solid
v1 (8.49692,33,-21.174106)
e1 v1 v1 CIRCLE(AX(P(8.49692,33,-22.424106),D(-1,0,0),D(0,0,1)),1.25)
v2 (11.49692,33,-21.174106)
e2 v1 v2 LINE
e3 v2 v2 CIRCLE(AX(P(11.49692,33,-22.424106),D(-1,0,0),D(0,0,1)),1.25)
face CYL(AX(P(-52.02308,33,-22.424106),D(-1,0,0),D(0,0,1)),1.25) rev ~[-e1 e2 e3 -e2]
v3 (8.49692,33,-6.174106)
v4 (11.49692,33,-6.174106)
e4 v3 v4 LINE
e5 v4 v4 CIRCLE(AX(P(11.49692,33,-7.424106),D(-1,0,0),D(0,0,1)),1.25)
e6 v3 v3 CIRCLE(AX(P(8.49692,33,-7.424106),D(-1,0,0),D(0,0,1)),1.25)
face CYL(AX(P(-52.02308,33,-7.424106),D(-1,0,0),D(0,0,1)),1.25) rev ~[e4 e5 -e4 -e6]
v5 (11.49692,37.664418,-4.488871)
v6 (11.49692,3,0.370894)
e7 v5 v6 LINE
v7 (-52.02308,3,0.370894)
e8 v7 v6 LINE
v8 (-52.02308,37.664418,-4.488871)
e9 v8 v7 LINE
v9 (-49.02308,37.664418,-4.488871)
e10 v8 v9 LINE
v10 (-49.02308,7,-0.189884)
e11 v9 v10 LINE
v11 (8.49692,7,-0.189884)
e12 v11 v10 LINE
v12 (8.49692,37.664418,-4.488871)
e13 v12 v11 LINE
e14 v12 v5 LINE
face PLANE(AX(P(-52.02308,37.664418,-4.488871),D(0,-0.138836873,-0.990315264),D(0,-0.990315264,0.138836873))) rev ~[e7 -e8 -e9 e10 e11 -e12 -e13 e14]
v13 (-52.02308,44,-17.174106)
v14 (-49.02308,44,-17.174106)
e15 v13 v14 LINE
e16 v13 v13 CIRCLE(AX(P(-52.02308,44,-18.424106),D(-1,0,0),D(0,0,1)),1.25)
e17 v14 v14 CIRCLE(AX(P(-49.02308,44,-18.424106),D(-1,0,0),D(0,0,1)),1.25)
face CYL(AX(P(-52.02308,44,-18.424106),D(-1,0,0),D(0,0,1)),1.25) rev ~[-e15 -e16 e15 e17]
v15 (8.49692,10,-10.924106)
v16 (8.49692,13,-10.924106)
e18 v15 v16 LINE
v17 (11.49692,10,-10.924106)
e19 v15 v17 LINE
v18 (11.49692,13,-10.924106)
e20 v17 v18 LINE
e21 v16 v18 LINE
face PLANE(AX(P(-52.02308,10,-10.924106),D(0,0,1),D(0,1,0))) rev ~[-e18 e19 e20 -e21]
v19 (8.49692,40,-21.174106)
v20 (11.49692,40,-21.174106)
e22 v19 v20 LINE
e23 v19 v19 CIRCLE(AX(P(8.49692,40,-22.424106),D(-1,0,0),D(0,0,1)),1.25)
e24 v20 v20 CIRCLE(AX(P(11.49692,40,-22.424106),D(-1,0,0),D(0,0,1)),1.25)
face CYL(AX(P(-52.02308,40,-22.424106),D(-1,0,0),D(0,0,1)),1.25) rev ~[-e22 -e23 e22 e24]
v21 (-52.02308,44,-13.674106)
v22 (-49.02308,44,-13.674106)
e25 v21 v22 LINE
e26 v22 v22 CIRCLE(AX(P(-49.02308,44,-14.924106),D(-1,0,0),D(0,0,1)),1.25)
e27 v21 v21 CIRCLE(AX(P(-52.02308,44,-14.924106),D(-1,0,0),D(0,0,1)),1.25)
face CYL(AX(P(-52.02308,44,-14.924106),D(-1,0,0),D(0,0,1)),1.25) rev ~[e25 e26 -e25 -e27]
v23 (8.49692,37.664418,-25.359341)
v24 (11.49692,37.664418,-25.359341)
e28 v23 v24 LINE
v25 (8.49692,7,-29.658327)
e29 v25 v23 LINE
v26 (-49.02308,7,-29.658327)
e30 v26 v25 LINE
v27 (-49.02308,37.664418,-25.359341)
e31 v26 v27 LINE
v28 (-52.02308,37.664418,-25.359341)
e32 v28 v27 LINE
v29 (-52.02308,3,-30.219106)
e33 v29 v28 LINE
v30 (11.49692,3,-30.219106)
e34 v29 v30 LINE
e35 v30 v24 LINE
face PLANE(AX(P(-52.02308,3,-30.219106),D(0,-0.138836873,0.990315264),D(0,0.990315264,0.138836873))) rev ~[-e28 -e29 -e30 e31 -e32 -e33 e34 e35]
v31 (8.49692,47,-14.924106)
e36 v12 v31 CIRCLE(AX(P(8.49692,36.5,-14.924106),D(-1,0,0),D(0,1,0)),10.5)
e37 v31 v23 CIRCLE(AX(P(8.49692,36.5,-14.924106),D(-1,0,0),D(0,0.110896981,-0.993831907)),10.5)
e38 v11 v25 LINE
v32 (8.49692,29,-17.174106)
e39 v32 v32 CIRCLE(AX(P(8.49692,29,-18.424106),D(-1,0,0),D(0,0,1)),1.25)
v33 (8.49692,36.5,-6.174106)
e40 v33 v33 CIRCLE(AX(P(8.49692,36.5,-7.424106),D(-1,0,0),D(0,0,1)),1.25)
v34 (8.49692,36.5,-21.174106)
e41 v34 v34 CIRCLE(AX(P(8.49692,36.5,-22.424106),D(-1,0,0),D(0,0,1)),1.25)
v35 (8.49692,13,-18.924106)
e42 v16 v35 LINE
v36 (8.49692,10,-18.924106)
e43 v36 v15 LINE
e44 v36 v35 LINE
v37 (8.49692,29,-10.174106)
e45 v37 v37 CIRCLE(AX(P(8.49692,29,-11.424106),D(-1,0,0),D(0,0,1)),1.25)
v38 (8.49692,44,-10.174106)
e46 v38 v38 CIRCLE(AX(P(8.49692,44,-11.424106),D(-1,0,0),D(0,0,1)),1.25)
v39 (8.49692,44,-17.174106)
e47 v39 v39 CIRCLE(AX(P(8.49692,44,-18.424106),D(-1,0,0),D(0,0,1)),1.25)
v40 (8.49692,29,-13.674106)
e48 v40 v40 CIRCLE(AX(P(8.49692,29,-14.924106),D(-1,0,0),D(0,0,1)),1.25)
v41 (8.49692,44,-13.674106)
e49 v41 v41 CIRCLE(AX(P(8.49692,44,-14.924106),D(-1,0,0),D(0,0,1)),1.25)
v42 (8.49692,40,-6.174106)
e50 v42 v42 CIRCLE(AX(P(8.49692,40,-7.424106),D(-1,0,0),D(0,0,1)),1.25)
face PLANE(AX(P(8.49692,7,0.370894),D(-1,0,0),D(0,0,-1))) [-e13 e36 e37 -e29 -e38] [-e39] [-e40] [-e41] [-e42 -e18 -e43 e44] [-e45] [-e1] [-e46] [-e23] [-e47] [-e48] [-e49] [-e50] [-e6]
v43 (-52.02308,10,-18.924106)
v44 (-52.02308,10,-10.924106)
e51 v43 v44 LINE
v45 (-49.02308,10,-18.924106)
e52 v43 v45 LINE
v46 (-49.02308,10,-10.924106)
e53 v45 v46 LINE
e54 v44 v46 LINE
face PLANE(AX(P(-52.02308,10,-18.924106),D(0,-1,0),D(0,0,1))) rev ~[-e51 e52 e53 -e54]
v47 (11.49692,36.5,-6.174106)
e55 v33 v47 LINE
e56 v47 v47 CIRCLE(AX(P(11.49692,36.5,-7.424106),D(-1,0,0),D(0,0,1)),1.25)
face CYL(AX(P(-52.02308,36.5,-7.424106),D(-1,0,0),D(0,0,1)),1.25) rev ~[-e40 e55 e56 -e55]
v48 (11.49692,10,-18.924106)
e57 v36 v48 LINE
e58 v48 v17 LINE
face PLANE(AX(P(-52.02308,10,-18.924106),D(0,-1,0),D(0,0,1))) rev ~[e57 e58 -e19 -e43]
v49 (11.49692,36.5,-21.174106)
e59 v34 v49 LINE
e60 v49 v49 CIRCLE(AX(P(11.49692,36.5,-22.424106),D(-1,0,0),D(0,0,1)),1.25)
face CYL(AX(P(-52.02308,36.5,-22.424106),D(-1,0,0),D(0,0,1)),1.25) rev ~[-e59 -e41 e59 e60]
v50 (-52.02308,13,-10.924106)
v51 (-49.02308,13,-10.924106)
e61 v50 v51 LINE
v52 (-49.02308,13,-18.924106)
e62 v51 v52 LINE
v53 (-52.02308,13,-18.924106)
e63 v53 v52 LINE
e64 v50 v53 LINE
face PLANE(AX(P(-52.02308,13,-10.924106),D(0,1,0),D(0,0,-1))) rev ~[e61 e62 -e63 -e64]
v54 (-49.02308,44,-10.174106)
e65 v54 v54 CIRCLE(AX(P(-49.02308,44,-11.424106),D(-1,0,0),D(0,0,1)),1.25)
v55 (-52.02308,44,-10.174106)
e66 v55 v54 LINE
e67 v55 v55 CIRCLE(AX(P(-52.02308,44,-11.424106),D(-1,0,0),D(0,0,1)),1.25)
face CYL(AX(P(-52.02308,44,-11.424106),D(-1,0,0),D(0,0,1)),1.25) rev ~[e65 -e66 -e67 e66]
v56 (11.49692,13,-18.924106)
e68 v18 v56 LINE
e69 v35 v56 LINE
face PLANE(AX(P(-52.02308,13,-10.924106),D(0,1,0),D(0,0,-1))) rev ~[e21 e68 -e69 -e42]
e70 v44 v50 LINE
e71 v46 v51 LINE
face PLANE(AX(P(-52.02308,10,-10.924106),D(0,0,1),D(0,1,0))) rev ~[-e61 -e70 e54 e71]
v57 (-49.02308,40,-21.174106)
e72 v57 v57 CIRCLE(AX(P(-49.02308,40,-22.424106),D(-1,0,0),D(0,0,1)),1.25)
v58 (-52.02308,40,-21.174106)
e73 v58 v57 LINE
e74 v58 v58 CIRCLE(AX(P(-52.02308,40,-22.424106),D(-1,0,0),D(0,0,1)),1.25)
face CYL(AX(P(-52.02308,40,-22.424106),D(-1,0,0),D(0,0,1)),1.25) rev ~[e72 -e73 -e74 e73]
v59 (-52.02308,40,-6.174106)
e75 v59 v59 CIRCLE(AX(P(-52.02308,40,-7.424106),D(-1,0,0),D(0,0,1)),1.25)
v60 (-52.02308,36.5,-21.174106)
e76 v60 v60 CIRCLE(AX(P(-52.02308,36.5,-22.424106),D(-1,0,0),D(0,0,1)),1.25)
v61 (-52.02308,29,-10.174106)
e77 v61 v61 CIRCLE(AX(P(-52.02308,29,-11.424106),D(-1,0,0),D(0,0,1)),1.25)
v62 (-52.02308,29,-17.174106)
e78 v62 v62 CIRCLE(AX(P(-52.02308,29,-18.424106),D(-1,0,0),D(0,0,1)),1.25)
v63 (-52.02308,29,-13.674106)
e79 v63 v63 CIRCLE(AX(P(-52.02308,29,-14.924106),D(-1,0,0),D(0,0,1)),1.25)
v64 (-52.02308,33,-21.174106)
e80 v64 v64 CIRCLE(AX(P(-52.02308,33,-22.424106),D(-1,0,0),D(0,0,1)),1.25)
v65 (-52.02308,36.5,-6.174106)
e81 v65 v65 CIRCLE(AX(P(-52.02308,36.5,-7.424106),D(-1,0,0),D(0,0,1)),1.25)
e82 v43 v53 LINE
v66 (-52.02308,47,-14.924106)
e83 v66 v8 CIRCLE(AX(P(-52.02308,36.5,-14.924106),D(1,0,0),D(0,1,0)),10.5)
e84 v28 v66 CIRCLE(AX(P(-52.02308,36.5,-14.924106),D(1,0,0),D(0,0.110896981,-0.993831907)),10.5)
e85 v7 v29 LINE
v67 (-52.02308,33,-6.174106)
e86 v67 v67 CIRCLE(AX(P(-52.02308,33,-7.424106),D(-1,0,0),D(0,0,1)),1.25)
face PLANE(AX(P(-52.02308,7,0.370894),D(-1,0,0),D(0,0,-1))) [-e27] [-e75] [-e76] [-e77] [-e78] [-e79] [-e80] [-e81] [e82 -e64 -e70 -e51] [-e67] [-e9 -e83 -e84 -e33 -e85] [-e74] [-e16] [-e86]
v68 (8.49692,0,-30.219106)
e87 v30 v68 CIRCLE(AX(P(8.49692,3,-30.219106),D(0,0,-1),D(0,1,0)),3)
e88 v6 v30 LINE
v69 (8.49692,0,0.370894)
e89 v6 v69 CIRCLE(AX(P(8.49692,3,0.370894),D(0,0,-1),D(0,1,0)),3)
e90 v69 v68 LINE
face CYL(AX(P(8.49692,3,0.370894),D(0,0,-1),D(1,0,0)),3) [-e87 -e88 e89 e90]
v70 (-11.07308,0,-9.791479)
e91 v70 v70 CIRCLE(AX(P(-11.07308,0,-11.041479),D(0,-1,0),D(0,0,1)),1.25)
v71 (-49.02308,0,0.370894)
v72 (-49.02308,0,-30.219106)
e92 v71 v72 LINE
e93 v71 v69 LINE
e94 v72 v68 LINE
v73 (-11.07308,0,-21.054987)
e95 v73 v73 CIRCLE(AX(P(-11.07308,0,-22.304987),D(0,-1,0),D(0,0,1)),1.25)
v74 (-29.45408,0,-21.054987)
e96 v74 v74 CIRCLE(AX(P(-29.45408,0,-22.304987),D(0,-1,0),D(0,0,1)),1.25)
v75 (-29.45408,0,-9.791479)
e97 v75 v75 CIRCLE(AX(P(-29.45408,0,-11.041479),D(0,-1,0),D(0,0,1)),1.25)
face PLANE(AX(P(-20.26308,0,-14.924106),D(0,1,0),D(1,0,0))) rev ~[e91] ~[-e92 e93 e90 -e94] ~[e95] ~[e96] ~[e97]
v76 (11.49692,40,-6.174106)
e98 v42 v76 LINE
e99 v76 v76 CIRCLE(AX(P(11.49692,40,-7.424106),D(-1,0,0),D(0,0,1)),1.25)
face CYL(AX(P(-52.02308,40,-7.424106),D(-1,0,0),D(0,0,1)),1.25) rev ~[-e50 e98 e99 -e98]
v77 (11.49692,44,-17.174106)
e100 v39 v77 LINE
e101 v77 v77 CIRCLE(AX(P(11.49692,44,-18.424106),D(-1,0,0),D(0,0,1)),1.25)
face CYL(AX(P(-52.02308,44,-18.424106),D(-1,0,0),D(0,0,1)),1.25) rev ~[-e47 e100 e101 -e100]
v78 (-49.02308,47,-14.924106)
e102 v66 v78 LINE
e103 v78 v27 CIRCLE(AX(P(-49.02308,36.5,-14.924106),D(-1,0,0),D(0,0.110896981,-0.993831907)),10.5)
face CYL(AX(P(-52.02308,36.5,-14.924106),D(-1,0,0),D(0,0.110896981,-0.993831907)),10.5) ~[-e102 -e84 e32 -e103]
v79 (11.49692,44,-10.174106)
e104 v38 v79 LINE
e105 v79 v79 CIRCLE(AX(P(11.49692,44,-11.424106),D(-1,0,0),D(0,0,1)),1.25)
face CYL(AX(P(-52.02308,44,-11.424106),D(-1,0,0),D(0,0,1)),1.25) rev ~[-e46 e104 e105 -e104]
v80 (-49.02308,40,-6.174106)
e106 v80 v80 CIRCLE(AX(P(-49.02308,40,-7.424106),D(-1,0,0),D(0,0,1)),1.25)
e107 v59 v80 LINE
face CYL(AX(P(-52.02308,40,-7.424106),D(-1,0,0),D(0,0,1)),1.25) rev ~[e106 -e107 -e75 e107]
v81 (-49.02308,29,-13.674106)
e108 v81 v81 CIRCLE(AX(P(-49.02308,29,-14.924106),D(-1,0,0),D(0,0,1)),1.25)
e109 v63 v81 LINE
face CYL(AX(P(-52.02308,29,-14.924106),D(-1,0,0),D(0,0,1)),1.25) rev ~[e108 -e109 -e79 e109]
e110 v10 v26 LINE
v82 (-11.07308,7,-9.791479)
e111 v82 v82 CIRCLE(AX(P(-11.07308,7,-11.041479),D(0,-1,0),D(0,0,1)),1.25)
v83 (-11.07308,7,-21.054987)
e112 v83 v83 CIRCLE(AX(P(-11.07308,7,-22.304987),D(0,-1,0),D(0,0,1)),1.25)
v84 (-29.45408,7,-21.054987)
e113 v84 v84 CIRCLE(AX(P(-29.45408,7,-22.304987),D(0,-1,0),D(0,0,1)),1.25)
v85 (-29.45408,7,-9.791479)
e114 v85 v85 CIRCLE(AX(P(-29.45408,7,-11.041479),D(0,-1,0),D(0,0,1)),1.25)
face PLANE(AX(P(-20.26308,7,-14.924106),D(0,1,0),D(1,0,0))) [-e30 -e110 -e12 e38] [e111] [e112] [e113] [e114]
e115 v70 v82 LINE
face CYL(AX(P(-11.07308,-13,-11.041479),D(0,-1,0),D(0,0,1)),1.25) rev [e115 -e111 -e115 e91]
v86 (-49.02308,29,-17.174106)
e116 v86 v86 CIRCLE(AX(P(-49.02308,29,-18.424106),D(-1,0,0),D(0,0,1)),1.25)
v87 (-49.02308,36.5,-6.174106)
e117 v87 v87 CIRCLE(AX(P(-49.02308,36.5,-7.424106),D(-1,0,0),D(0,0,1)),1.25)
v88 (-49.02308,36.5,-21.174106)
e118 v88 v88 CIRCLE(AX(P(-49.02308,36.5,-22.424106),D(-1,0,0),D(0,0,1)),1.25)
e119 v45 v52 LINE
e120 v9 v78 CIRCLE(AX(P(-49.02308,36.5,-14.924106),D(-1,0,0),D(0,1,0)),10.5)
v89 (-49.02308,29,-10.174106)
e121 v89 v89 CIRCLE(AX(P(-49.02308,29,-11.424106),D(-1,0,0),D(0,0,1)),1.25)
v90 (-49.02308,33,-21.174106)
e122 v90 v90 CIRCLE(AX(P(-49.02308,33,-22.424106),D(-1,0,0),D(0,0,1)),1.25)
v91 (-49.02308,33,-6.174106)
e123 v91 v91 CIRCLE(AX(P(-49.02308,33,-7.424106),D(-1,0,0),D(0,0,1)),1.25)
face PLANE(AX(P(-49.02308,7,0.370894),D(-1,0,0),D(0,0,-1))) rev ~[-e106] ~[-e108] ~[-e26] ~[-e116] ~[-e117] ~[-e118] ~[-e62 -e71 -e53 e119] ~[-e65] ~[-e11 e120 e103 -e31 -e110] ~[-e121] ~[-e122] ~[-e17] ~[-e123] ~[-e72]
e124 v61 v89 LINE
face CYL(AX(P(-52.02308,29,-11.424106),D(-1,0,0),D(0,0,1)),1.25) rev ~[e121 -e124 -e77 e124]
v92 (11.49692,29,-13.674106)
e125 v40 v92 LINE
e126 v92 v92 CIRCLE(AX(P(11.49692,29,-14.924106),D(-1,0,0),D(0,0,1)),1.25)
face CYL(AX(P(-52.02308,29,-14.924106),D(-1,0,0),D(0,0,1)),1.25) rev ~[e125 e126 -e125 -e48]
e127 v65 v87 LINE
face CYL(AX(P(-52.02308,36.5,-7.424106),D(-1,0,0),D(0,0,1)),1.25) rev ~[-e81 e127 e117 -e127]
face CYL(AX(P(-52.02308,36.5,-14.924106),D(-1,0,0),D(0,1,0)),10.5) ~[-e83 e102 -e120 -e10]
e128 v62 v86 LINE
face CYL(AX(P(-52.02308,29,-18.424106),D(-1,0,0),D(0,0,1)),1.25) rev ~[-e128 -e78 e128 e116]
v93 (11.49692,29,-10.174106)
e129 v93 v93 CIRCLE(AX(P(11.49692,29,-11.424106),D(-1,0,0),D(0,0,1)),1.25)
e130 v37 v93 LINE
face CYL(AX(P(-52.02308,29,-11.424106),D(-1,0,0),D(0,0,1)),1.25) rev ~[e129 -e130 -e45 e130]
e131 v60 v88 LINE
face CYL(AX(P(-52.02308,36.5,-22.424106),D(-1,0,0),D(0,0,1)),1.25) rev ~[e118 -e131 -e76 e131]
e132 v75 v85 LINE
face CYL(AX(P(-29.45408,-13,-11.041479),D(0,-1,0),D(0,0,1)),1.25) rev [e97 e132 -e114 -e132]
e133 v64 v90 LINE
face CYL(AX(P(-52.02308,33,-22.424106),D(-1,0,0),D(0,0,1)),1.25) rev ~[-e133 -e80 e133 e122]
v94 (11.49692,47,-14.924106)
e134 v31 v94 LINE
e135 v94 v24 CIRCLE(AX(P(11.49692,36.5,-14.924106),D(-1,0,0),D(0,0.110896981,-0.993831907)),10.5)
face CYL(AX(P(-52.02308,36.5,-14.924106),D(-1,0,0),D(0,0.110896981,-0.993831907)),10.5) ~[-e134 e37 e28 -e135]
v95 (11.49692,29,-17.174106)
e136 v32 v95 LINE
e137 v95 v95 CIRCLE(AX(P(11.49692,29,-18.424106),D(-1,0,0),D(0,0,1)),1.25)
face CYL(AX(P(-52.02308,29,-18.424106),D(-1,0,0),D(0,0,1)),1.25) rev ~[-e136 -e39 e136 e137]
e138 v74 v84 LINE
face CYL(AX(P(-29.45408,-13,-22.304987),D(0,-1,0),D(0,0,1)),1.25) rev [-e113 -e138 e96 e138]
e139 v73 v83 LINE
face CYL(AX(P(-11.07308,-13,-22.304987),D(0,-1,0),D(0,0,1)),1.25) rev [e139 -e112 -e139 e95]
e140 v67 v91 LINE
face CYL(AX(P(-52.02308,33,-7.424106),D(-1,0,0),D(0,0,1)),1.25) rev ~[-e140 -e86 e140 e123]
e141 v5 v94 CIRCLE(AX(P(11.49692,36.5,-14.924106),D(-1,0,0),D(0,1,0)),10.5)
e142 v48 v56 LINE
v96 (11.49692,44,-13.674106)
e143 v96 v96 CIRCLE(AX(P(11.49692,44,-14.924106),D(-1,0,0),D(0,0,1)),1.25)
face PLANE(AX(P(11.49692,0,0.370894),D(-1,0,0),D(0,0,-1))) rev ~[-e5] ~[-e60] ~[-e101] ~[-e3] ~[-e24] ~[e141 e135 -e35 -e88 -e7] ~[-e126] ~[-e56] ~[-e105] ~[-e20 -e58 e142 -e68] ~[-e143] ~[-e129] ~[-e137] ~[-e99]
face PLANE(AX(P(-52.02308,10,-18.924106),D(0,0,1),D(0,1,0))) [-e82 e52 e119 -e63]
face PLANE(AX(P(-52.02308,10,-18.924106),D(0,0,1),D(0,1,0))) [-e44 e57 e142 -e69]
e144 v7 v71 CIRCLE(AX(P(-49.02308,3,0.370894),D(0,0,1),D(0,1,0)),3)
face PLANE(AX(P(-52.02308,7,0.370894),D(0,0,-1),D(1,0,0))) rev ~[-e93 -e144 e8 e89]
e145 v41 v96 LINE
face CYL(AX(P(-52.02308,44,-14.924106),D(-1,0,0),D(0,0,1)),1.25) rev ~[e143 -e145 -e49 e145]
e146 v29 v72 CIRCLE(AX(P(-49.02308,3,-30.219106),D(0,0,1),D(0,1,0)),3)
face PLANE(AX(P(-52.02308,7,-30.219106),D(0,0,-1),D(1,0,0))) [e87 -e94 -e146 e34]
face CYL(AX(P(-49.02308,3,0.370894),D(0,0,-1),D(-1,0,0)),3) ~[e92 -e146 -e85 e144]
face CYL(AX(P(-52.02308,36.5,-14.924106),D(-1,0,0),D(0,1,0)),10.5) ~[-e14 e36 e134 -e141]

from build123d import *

# Parameters (mm, degrees)
SKETCH2_W               = 63.52
SKETCH2_H               = 30.59
BOSS_EXTRUDE1_DEPTH     = 7
SKETCH3_W               = 3
SKETCH3_H               = 30.59
BOSS_EXTRUDE2_DEPTH     = 40
FILLET2_R               = 3
SKETCH4_R               = 1.25
CUT_EXTRUDE2_DEPTH      = 70
CUT_EXTRUDE4_DEPTH      = 6
CUT_EXTRUDE4_DEPTH_BACK = 20
SKETCH7_R               = 1.25
SKETCH7_R_2             = 1.249999994
SKETCH11_W              = 4
SKETCH11_H              = 3
CUT_EXTRUDE5_DEPTH      = 80


with BuildPart() as part:
    # Sketch2 → Boss-Extrude1 (new body)
    with BuildSketch(Plane(origin=(0, 0, 0), x_dir=(1, 0, 0), z_dir=(0, 1, 0))):
        with Locations((-20.26308022, 14.924105874)):
            Rectangle(SKETCH2_W, SKETCH2_H)
    extrude(amount=BOSS_EXTRUDE1_DEPTH)

    # Sketch3 → Boss-Extrude2 (add)
    with BuildSketch(Plane(origin=(0, 7, 0), x_dir=(1, 0, 0), z_dir=(0, 1, 0))):
        with Locations((-50.52308022, 14.924105874)):
            Rectangle(SKETCH3_W, SKETCH3_H)
        with Locations((9.99691978, 14.924105874)):
            Rectangle(SKETCH3_W, SKETCH3_H)
    extrude(amount=BOSS_EXTRUDE2_DEPTH)

    # Fillet2
    fillet2_edges = [part.edges().sort_by_distance(p)[0] for p in [
        (11.49691978, 0, -14.924105874),
        (-52.02308022, 0, -14.924105874),
    ]]
    fillet(fillet2_edges, radius=FILLET2_R)

    # Sketch4 → Cut-Extrude2 (cut)
    with BuildSketch(Plane.ZY.offset(52.02308022)):
        with BuildLine():
            ThreePointArc((-25.359340899, 37.664418298), (-21.924948962, 44.325483759), (-14.924105874, 47))
            Line((-14.924105874, 47), (-30.219105874, 47))
            Line((-30.219105874, 47), (-30.219105874, 3))
            Line((-30.219105874, 3), (-25.359340899, 37.664418298))
        make_face()
        with BuildLine():
            Line((0.370894126, 47), (-14.924105874, 47))
            ThreePointArc((-14.924105874, 47), (-7.923262787, 44.325483759), (-4.488870849, 37.664418298))
            Line((-4.488870849, 37.664418298), (0.370894126, 3))
            Line((0.370894126, 3), (0.370894126, 47))
        make_face()
        with Locations((-7.424105874, 36.5)):
            Circle(SKETCH4_R)
        with Locations((-7.424105874, 40)):
            Circle(SKETCH4_R)
        with Locations((-7.424105874, 33)):
            Circle(SKETCH4_R)
        with Locations((-14.924105874, 29)):
            Circle(SKETCH4_R)
        with Locations((-11.424105874, 29)):
            Circle(SKETCH4_R)
        with Locations((-18.424105874, 29)):
            Circle(SKETCH4_R)
        with Locations((-22.424105874, 36.5)):
            Circle(SKETCH4_R)
        with Locations((-22.424105874, 40)):
            Circle(SKETCH4_R)
        with Locations((-22.424105874, 33)):
            Circle(SKETCH4_R)
        with Locations((-11.424105874, 44)):
            Circle(SKETCH4_R)
        with Locations((-18.424105874, 44)):
            Circle(SKETCH4_R)
        with Locations((-14.924105874, 44)):
            Circle(SKETCH4_R)
    extrude(amount=-CUT_EXTRUDE2_DEPTH, mode=Mode.SUBTRACT)

    # Sketch7 → Cut-Extrude4 (cut, two sides: drawn at the far end of the back side and taken through both)
    with BuildSketch(Plane(origin=(0, 7, 0), x_dir=(1, 0, 0), z_dir=(0, 1, 0)).offset(-CUT_EXTRUDE4_DEPTH_BACK)):
        with Locations(Location((-11.073080223, 11.041478624, 0), (0, 0, 270))):
            Circle(SKETCH7_R)
        with Locations(Location((-11.073080223, 22.304987192, 0), (0, 0, 270))):
            Circle(SKETCH7_R)
        with Locations(Location((-29.454080223, 11.041478624, 0), (0, 0, 270))):
            Circle(SKETCH7_R_2)
        with Locations(Location((-29.454080223, 22.304987192, 0), (0, 0, 270))):
            Circle(SKETCH7_R)
    extrude(amount=CUT_EXTRUDE4_DEPTH + CUT_EXTRUDE4_DEPTH_BACK, mode=Mode.SUBTRACT)

    # Sketch11 → Cut-Extrude5 (cut)
    with BuildSketch(Plane.ZY.offset(52.02308022)):
        with Locations((-16.924105874, 11.5)):
            Rectangle(SKETCH11_W, SKETCH11_H)
        with Locations((-12.924105874, 11.5)):
            Rectangle(SKETCH11_W, SKETCH11_H)
    extrude(amount=-CUT_EXTRUDE5_DEPTH, mode=Mode.SUBTRACT)


solid = part.part
